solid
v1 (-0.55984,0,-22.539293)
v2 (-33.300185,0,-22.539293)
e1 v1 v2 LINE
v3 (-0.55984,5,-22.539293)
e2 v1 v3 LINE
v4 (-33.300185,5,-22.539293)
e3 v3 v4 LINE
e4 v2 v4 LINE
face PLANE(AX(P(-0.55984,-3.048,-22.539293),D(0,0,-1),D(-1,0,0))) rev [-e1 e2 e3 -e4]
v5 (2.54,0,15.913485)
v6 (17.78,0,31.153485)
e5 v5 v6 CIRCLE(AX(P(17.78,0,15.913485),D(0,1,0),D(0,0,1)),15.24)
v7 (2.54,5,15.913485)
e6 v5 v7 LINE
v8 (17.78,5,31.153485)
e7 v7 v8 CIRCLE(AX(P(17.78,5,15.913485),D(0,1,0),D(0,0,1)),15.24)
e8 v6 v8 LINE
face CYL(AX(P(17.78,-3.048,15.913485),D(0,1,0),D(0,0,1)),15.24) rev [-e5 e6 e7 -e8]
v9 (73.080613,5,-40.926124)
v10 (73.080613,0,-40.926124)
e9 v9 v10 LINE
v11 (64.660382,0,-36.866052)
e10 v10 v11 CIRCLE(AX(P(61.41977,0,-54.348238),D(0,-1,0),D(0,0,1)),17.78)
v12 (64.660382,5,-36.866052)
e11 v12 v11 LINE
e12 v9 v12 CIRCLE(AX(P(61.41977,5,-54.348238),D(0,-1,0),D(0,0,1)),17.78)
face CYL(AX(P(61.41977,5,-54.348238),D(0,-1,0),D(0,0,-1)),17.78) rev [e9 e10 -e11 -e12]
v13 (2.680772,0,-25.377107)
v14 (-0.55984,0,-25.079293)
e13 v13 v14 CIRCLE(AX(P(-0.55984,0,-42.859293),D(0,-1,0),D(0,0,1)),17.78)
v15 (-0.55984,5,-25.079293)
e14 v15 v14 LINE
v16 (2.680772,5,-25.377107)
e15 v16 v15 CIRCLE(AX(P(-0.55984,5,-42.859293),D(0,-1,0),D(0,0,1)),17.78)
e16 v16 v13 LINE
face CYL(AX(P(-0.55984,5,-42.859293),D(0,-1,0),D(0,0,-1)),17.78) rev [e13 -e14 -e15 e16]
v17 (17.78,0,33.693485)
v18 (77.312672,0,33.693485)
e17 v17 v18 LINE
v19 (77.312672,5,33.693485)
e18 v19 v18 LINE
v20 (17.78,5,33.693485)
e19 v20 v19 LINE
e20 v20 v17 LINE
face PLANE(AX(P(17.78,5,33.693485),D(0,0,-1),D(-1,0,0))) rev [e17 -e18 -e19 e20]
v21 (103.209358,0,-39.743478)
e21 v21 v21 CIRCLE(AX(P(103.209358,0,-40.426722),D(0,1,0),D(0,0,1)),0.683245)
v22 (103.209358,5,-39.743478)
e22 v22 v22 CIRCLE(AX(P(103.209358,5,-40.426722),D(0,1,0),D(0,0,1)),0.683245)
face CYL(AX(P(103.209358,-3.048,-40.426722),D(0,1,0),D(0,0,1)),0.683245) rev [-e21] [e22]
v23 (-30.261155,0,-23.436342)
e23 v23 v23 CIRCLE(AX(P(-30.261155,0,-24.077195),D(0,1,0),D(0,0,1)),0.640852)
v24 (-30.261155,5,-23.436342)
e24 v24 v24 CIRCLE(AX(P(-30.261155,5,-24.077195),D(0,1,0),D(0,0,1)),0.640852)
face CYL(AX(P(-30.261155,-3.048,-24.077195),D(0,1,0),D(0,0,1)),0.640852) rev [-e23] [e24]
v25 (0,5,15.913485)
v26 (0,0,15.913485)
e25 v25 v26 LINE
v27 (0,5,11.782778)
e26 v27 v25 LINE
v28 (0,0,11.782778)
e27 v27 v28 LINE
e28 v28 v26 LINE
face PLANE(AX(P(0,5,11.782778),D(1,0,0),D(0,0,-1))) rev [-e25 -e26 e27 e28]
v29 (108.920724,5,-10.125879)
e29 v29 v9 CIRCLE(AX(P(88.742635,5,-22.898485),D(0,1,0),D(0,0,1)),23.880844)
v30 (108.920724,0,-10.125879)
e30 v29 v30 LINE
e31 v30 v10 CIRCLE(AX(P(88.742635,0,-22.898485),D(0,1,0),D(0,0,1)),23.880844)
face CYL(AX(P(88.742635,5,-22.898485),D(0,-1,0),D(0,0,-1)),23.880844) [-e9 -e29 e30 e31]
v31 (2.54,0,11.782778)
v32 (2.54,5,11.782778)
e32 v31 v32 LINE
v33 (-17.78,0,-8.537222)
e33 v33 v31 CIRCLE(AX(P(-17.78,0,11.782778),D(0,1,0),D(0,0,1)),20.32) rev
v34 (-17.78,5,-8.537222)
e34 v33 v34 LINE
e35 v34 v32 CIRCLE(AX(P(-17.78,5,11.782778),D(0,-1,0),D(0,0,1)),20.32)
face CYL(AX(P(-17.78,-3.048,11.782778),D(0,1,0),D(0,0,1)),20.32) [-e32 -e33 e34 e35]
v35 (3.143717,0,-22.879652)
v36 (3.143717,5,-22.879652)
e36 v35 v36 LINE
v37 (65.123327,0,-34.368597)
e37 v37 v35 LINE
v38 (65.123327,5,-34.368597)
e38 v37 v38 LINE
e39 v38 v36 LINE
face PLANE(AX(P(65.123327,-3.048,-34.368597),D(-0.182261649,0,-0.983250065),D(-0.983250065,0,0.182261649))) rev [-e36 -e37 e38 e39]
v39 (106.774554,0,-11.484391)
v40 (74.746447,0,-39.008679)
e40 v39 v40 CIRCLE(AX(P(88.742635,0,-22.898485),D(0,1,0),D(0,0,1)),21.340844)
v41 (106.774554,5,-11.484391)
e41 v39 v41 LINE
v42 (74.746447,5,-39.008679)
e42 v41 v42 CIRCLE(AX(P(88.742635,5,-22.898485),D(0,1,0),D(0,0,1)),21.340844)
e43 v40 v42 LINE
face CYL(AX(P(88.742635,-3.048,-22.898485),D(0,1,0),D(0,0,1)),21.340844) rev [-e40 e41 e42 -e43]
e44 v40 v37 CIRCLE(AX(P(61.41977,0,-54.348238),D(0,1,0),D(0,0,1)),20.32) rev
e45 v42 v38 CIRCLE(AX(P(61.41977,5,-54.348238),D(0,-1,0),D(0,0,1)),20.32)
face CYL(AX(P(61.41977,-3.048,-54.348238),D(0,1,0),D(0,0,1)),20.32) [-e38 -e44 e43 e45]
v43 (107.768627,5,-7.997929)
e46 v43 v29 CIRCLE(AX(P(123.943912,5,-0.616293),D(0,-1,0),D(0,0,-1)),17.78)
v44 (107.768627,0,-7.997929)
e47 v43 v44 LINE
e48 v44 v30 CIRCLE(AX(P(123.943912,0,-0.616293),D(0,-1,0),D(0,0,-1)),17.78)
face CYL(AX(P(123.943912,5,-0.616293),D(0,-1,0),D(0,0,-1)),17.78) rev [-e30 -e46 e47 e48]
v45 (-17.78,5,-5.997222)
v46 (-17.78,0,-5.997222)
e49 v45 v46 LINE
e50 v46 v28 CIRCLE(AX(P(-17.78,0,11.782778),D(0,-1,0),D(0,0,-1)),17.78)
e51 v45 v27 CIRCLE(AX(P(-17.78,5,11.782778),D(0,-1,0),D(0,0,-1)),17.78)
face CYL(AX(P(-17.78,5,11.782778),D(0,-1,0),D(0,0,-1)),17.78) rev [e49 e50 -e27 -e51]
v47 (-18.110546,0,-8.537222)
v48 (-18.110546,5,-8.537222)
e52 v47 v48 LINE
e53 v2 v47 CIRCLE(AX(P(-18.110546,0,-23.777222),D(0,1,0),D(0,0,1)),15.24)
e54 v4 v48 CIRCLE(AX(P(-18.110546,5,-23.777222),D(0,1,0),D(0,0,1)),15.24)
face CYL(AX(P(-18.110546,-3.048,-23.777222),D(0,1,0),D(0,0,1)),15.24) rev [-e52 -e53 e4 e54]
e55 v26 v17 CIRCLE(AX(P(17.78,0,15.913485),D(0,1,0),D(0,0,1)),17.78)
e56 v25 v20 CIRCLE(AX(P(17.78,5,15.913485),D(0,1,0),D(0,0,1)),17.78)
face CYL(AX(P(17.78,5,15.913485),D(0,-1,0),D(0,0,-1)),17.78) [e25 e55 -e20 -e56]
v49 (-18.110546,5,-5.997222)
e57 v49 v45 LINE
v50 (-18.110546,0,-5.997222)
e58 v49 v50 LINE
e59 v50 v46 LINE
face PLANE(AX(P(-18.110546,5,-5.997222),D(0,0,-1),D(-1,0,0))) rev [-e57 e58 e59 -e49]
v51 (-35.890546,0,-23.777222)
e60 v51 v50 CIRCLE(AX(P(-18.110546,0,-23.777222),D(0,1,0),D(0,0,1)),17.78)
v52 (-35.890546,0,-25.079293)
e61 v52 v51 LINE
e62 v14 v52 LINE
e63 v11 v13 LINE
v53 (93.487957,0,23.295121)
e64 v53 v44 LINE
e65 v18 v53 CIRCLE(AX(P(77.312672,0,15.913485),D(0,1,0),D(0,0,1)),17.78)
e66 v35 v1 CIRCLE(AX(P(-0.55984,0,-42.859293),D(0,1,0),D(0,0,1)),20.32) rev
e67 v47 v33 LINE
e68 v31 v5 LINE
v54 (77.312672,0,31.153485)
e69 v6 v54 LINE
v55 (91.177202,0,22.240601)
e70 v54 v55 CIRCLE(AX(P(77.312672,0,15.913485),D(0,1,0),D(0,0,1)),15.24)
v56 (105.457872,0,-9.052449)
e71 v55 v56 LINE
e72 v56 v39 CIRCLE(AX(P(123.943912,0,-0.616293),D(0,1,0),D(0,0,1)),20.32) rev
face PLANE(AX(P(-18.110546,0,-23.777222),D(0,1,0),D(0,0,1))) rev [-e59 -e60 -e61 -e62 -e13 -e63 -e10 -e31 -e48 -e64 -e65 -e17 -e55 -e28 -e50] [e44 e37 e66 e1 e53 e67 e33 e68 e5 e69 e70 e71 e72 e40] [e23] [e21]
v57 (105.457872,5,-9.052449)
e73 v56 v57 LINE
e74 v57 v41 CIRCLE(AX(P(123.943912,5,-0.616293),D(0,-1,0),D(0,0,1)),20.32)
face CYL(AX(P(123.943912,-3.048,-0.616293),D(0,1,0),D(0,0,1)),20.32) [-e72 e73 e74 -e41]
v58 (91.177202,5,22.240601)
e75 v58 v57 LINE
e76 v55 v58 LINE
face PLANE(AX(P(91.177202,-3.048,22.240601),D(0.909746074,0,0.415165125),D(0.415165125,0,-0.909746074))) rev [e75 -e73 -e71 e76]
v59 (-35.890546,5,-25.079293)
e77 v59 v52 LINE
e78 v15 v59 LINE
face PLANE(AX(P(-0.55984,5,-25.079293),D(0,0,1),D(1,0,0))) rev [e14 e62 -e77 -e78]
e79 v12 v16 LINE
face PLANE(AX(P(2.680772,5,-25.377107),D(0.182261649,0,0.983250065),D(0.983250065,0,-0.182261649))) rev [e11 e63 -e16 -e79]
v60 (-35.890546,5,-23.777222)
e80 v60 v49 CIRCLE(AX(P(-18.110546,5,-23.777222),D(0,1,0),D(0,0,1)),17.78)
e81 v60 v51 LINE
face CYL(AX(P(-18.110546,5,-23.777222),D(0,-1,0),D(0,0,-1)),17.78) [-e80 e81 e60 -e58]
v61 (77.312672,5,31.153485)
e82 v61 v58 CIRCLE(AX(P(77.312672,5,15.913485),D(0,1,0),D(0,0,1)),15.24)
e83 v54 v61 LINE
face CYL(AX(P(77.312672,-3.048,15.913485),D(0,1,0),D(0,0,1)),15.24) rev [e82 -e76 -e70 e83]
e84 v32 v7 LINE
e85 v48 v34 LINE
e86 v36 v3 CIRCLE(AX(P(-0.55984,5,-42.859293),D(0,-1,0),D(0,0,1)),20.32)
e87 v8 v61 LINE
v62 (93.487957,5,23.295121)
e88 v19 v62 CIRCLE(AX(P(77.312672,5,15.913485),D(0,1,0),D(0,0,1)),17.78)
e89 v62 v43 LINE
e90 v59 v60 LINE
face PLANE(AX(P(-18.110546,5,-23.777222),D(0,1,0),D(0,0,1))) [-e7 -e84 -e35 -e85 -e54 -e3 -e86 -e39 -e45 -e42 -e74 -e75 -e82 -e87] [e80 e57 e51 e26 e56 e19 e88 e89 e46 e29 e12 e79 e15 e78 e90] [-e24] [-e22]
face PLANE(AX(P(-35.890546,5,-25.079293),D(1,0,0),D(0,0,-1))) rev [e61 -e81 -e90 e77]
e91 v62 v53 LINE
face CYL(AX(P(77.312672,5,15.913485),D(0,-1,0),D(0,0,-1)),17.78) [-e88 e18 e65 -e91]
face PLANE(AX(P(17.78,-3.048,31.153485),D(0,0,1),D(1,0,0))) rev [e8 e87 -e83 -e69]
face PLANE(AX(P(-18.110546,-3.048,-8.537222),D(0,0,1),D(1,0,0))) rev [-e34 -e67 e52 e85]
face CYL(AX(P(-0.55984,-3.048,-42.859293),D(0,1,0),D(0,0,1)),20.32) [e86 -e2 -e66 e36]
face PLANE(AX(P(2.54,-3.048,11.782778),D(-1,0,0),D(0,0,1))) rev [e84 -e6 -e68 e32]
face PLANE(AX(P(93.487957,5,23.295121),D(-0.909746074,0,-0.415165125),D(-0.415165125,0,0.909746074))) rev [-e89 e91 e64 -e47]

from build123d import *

# Parameters (mm, degrees)
BOSS_EXTRUDE1_DEPTH = 5
CUT_EXTRUDE2_DEPTH  = 8.048
SKETCH3_R           = 0.640852302
SKETCH3_R_2         = 0.683244838
CUT_EXTRUDE3_DEPTH  = 8.048


with BuildPart() as part:
    # Sketch1 → Boss-Extrude1 (new body)
    with BuildSketch(Plane(origin=(0, 0, 0), x_dir=(1, 0, 0), z_dir=(0, 1, 0))):
        with BuildLine():
            Line((-0.55984013, 25.079292929), (-35.890546419, 25.079292929))
            Line((-35.890546419, 25.079292929), (-35.890546419, 23.777222222))
            ThreePointArc((-35.890546419, 23.777222222), (-30.682904989, 11.204863653), (-18.110546419, 5.997222222))
            Line((-18.110546419, 5.997222222), (-17.78, 5.997222222))
            ThreePointArc((-17.78, 5.997222222), (-5.207641431, 0.789580792), (0, -11.782777778))
            Line((0, -11.782777778), (0, -15.913484848))
            ThreePointArc((0, -15.913484848), (5.207641431, -28.485843418), (17.78, -33.693484848))
            Line((17.78, -33.693484848), (77.312672268, -33.693484848))
            ThreePointArc((77.312672268, -33.693484848), (86.927320297, -30.869652248), (93.487957466, -23.295120763))
            Line((93.487957466, -23.295120763), (107.768626914, 7.997929157))
            ThreePointArc((107.768626914, 7.997929157), (108.308432376, 9.081526458), (108.920724009, 10.125878891))
            ThreePointArc((108.920724009, 10.125878891), (104.307418831, 41.01014517), (73.08061258, 40.926123744))
            ThreePointArc((73.08061258, 40.926123744), (69.142100225, 38.332807414), (64.660382122, 36.866051805))
            Line((64.660382122, 36.866051805), (2.680771994, 25.377106766))
            ThreePointArc((2.680771994, 25.377106766), (1.067293855, 25.153902931), (-0.55984013, 25.079292929))
        make_face()
    extrude(amount=BOSS_EXTRUDE1_DEPTH)

    # Sketch2 → Cut-Extrude2 (cut)
    with BuildSketch(Plane(origin=(0, 5, 0), x_dir=(1, 0, 0), z_dir=(0, 1, 0))):
        with BuildLine():
            Line((-18.110546419, 8.537222222), (-17.78, 8.537222222))
            ThreePointArc((-17.78, 8.537222222), (-3.411590206, 2.585632016), (2.54, -11.782777778))
            Line((2.54, -11.782777778), (2.54, -15.913484848))
            ThreePointArc((2.54, -15.913484848), (7.003692655, -26.689792194), (17.78, -31.153484848))
            Line((17.78, -31.153484848), (77.312672268, -31.153484848))
            ThreePointArc((77.312672268, -31.153484848), (85.55379915, -28.733056905), (91.177202437, -22.240601346))
            Line((91.177202437, -22.240601346), (105.457871886, 9.052448573))
            ThreePointArc((105.457871886, 9.052448573), (106.074792413, 10.290845489), (106.77455428, 11.484391127))
            ThreePointArc((106.77455428, 11.484391127), (102.651926694, 39.083763644), (74.746447235, 39.008678854))
            ThreePointArc((74.746447235, 39.008678854), (70.245290257, 36.044888763), (65.123326712, 34.368596639))
            Line((65.123326712, 34.368596639), (3.143716583, 22.879651599))
            ThreePointArc((3.143716583, 22.879651599), (1.299741567, 22.624561503), (-0.55984013, 22.539292929))
            Line((-0.55984013, 22.539292929), (-33.300185357, 22.539292929))
            ThreePointArc((-33.300185357, 22.539292929), (-28.439911298, 12.571785095), (-18.110546419, 8.537222222))
        make_face()
    extrude(amount=-CUT_EXTRUDE2_DEPTH, mode=Mode.SUBTRACT)

    # Sketch3 → Cut-Extrude3 (cut)
    with BuildSketch(Plane(origin=(0, 5, 0), x_dir=(1, 0, 0), z_dir=(0, 1, 0))):
        with Locations(Location((-30.261155499, 24.077194613, 0), (0, 0, 270))):
            Circle(SKETCH3_R)
        with Locations(Location((103.209357625, 40.426722425, 0), (0, 0, 270))):
            Circle(SKETCH3_R_2)
    extrude(amount=-CUT_EXTRUDE3_DEPTH, mode=Mode.SUBTRACT)


solid = part.part
